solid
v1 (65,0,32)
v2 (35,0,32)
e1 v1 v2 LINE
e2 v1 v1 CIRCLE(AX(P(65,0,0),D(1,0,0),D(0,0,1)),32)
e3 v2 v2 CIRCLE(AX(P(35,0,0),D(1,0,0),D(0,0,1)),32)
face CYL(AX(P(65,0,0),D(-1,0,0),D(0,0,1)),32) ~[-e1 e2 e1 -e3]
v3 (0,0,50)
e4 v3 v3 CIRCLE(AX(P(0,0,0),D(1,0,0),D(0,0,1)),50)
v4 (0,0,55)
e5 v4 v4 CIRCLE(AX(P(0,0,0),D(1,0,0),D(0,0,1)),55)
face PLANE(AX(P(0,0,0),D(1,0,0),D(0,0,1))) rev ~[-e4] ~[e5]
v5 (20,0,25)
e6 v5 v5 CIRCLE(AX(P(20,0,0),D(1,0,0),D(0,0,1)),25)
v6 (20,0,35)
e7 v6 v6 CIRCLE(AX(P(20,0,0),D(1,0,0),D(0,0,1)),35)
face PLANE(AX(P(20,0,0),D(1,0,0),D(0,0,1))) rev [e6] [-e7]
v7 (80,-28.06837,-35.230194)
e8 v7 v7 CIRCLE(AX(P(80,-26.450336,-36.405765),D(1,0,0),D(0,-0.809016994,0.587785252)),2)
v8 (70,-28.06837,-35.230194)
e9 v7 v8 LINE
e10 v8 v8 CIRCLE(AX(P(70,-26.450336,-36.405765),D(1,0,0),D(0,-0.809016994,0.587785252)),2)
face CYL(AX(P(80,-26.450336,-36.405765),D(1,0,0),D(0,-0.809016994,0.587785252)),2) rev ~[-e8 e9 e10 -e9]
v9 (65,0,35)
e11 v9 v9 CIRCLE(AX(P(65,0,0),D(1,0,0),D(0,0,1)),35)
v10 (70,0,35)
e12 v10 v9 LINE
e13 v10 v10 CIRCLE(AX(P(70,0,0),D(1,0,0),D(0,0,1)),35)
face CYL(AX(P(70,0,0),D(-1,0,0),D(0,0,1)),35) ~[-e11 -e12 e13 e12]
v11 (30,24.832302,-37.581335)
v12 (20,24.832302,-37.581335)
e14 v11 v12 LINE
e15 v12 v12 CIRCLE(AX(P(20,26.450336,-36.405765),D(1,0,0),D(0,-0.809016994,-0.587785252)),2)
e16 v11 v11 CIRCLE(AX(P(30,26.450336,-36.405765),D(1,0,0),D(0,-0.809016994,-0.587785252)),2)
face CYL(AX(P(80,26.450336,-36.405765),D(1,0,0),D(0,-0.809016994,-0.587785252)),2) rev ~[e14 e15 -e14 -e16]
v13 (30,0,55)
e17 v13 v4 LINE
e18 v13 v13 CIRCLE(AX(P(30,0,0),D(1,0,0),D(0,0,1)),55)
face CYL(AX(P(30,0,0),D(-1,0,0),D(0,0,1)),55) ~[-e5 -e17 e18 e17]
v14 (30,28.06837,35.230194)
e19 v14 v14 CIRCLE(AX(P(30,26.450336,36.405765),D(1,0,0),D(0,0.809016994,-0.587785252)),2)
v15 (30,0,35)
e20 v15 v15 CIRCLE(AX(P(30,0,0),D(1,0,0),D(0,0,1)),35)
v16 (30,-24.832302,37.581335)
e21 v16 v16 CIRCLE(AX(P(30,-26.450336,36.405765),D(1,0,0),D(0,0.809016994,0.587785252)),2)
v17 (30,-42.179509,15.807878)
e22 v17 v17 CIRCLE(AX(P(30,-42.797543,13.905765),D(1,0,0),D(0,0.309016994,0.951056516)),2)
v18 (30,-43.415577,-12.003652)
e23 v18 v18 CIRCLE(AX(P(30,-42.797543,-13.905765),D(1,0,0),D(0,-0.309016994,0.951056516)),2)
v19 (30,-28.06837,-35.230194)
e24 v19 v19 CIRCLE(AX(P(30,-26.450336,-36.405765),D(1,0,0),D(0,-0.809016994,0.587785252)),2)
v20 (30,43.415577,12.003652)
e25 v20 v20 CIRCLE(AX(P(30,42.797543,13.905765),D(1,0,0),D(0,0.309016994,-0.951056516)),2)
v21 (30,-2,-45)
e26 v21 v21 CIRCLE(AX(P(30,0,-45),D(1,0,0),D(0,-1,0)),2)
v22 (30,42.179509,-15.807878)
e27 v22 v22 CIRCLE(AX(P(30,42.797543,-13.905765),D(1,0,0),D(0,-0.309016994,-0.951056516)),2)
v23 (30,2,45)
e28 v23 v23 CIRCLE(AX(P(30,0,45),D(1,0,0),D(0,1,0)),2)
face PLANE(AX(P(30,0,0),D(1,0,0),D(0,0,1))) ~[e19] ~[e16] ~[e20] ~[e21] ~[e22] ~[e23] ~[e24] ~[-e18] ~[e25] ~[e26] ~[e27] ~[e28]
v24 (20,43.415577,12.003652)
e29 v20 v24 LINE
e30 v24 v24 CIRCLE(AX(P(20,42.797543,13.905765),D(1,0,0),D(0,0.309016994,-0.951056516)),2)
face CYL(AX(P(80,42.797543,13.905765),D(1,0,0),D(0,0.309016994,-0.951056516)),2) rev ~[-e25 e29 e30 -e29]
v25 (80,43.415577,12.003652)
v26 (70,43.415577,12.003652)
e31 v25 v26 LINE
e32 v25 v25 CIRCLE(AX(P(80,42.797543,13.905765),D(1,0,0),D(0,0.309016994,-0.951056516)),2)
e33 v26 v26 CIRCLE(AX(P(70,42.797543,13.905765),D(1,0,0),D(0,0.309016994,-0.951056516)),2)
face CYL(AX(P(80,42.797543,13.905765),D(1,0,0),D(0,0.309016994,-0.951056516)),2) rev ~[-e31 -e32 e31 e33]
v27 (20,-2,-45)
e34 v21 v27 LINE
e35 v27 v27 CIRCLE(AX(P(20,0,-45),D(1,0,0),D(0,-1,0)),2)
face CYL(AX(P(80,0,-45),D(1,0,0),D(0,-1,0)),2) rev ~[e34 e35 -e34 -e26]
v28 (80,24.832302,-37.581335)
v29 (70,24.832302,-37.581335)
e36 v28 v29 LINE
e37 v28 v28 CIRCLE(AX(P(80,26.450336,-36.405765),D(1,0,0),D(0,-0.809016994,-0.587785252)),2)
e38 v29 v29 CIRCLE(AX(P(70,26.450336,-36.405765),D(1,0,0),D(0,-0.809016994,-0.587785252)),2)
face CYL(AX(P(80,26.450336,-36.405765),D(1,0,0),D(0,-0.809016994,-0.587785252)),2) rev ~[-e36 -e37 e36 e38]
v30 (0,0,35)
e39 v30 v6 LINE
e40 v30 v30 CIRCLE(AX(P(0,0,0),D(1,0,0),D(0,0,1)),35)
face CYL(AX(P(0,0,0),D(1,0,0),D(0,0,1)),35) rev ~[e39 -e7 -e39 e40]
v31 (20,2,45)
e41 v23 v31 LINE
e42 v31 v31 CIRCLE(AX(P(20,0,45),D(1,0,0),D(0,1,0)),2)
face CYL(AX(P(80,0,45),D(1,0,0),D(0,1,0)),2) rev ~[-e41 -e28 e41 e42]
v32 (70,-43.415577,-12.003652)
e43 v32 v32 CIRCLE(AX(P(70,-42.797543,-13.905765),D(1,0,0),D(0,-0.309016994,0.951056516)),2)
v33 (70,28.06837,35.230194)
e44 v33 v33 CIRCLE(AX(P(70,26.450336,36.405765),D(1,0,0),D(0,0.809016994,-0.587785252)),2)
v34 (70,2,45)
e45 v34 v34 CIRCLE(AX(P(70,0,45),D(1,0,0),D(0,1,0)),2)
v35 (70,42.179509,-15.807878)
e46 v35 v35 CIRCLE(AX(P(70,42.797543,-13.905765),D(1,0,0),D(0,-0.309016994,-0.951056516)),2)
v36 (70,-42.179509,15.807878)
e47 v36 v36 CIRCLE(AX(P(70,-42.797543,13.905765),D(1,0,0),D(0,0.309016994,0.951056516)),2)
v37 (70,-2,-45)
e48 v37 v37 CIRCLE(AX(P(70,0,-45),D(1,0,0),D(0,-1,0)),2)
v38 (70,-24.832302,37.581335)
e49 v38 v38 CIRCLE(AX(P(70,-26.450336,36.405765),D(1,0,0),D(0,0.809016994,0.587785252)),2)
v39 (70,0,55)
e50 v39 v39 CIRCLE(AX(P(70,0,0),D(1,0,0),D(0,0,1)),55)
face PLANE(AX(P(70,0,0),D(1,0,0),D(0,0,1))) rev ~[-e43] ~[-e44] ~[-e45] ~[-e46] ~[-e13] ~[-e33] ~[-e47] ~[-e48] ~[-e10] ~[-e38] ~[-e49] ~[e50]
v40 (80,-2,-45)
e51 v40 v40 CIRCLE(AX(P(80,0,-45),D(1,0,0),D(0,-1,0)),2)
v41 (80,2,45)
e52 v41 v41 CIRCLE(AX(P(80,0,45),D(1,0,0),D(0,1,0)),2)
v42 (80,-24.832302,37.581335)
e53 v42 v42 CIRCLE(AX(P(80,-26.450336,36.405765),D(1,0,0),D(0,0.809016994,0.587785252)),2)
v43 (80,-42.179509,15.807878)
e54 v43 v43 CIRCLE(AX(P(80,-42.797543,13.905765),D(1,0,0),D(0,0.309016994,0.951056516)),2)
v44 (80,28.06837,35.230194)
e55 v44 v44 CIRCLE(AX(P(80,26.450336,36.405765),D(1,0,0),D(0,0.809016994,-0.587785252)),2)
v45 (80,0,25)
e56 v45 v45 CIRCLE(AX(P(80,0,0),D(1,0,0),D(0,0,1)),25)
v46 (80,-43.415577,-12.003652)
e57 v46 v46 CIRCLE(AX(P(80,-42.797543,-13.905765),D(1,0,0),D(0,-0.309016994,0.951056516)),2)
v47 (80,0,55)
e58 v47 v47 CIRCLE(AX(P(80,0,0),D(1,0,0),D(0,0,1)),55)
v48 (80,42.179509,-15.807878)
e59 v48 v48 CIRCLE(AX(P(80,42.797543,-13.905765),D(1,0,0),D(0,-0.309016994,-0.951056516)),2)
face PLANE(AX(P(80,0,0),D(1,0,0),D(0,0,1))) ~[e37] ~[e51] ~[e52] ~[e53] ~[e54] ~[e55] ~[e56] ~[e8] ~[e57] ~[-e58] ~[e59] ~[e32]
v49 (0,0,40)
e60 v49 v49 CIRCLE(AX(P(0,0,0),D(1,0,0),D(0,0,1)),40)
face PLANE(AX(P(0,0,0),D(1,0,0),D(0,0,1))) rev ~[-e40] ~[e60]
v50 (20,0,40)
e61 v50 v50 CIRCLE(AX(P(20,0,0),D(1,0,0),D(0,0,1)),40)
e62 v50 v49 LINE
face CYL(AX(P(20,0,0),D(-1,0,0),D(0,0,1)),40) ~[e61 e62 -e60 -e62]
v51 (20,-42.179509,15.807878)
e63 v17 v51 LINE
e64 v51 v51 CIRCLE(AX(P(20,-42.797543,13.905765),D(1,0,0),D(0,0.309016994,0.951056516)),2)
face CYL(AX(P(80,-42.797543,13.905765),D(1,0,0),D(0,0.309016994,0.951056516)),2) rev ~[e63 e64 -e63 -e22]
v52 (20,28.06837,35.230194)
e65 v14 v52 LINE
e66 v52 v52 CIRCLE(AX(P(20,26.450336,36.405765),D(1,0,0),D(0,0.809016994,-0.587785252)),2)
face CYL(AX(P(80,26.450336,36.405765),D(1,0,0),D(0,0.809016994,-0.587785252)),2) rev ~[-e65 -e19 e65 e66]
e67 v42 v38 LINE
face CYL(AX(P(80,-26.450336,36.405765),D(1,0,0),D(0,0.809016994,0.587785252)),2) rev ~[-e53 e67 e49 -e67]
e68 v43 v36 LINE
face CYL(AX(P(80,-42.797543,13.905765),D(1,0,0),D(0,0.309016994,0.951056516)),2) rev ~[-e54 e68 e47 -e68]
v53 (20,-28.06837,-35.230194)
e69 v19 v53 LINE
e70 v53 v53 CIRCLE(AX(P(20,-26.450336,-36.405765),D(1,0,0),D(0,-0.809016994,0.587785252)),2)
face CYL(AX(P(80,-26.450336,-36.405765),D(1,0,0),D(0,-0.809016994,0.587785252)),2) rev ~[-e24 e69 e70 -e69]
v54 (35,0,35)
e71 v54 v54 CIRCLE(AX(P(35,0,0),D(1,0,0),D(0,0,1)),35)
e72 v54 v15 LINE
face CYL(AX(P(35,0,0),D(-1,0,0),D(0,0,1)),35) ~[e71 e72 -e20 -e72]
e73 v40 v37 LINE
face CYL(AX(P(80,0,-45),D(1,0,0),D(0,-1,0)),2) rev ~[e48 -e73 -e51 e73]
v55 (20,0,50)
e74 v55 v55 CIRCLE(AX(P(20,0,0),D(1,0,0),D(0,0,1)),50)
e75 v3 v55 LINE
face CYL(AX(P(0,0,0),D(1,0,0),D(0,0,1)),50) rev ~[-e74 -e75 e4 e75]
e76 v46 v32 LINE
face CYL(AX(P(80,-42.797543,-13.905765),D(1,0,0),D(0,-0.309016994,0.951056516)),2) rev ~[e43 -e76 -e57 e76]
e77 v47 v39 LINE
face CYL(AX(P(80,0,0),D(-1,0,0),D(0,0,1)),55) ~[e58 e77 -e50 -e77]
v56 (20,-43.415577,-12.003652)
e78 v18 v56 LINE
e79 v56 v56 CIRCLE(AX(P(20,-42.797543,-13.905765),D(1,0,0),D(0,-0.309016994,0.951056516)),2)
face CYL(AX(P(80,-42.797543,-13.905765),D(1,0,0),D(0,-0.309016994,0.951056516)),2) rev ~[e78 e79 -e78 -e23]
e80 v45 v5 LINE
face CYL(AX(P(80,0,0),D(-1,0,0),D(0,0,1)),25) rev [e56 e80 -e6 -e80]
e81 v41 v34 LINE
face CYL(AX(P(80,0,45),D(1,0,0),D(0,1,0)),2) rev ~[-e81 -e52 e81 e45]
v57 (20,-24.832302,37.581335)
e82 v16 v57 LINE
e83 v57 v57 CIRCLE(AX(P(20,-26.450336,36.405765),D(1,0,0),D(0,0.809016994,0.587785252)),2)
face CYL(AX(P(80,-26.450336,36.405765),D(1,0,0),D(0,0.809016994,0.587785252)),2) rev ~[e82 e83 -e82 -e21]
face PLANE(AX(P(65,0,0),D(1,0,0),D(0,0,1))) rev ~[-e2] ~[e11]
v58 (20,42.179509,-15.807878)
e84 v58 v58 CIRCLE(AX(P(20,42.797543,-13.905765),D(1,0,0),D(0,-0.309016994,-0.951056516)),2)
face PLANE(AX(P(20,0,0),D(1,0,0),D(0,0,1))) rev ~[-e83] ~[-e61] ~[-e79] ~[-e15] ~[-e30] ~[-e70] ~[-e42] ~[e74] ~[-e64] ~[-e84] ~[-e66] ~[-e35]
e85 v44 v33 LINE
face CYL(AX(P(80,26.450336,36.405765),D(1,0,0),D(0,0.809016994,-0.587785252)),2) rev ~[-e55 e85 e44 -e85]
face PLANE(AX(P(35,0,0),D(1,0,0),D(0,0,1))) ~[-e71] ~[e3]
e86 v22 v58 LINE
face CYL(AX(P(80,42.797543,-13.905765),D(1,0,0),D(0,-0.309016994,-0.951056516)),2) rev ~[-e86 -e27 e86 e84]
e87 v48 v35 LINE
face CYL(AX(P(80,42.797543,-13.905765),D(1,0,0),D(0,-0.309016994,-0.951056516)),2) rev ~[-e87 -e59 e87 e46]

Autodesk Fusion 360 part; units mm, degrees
sketch "Sketch1" plane through (0, 0, 0) normal (0, 1, 0) x (1, 0, 0)
  line L0 (0, 0) -> (131.5429, 0) construction
  line L1 (80, 0) -> (80, -25) construction
  line L2 (80, -25) -> (20, -25)
  line L3 (80, -25) -> (80, -55)
  line L4 (80, -55) -> (70, -55)
  line L5 (70, -55) -> (70, -35)
  line L6 (70, -35) -> (65, -35)
  line L7 (65, -35) -> (65, -32)
  line L8 (65, -32) -> (35, -32)
  line L9 (35, -32) -> (35, -35)
  line L10 (35, -35) -> (30, -35)
  line L11 (30, -35) -> (30, -55)
  line L12 (30, -55) -> (0, -55)
  line L13 (20, -25) -> (20, -35)
  line L14 (0, -35) -> (20, -35)
  line L15 (0, -50) -> (20, -50)
  line L16 (20, -50) -> (20, -40)
  line L17 (20, -40) -> (0, -40)
  line L18 (0, -55) -> (0, -50)
  line L19 (0, -40) -> (0, -35)
  dimension "d1" = 25
  dimension "d2" = 80
  dimension "d3" = 60
  dimension "d4" = 55
  dimension "d5" = 10
  dimension "d6" = 20
  dimension "d7" = 5
  dimension "d8" = 3
  dimension "d9" = 30
  dimension "d10" = 3
  dimension "d11" = 5
  dimension "d12" = 55
  dimension "d13" = 30
  dimension "d14" = 20
  dimension "d15" = 35
  dimension "d16" = 10
  dimension "d17" = 5
  dimension "d18" = 5
  dimension "d19" = 20
revolve "Revolve1" add sketch "Sketch1" angle 360 about axis through (0, 0, 0) along (1, 0, 0)
sketch "Sketch2" plane through (80, 0, 0) normal (1, 0, 0) x (0, 1, 0)
  circle A0 centre (0, 0) radius 25
  circle A1 centre (0, 0) radius 55
  circle A2 centre (0, 45) radius 2
  line L0 (0, 55) -> (0, 62.9833) construction
  dimension "d21" = 4
  dimension "d22" = 45
extrude "Extrude1" cut sketch "Sketch2" along normal mid plane 170 contours A2
pattern_circular "C-Pattern1" count 10 over 360 about axis through (1.75, 0, 0) along (1, 0, 0) of "Extrude1"
